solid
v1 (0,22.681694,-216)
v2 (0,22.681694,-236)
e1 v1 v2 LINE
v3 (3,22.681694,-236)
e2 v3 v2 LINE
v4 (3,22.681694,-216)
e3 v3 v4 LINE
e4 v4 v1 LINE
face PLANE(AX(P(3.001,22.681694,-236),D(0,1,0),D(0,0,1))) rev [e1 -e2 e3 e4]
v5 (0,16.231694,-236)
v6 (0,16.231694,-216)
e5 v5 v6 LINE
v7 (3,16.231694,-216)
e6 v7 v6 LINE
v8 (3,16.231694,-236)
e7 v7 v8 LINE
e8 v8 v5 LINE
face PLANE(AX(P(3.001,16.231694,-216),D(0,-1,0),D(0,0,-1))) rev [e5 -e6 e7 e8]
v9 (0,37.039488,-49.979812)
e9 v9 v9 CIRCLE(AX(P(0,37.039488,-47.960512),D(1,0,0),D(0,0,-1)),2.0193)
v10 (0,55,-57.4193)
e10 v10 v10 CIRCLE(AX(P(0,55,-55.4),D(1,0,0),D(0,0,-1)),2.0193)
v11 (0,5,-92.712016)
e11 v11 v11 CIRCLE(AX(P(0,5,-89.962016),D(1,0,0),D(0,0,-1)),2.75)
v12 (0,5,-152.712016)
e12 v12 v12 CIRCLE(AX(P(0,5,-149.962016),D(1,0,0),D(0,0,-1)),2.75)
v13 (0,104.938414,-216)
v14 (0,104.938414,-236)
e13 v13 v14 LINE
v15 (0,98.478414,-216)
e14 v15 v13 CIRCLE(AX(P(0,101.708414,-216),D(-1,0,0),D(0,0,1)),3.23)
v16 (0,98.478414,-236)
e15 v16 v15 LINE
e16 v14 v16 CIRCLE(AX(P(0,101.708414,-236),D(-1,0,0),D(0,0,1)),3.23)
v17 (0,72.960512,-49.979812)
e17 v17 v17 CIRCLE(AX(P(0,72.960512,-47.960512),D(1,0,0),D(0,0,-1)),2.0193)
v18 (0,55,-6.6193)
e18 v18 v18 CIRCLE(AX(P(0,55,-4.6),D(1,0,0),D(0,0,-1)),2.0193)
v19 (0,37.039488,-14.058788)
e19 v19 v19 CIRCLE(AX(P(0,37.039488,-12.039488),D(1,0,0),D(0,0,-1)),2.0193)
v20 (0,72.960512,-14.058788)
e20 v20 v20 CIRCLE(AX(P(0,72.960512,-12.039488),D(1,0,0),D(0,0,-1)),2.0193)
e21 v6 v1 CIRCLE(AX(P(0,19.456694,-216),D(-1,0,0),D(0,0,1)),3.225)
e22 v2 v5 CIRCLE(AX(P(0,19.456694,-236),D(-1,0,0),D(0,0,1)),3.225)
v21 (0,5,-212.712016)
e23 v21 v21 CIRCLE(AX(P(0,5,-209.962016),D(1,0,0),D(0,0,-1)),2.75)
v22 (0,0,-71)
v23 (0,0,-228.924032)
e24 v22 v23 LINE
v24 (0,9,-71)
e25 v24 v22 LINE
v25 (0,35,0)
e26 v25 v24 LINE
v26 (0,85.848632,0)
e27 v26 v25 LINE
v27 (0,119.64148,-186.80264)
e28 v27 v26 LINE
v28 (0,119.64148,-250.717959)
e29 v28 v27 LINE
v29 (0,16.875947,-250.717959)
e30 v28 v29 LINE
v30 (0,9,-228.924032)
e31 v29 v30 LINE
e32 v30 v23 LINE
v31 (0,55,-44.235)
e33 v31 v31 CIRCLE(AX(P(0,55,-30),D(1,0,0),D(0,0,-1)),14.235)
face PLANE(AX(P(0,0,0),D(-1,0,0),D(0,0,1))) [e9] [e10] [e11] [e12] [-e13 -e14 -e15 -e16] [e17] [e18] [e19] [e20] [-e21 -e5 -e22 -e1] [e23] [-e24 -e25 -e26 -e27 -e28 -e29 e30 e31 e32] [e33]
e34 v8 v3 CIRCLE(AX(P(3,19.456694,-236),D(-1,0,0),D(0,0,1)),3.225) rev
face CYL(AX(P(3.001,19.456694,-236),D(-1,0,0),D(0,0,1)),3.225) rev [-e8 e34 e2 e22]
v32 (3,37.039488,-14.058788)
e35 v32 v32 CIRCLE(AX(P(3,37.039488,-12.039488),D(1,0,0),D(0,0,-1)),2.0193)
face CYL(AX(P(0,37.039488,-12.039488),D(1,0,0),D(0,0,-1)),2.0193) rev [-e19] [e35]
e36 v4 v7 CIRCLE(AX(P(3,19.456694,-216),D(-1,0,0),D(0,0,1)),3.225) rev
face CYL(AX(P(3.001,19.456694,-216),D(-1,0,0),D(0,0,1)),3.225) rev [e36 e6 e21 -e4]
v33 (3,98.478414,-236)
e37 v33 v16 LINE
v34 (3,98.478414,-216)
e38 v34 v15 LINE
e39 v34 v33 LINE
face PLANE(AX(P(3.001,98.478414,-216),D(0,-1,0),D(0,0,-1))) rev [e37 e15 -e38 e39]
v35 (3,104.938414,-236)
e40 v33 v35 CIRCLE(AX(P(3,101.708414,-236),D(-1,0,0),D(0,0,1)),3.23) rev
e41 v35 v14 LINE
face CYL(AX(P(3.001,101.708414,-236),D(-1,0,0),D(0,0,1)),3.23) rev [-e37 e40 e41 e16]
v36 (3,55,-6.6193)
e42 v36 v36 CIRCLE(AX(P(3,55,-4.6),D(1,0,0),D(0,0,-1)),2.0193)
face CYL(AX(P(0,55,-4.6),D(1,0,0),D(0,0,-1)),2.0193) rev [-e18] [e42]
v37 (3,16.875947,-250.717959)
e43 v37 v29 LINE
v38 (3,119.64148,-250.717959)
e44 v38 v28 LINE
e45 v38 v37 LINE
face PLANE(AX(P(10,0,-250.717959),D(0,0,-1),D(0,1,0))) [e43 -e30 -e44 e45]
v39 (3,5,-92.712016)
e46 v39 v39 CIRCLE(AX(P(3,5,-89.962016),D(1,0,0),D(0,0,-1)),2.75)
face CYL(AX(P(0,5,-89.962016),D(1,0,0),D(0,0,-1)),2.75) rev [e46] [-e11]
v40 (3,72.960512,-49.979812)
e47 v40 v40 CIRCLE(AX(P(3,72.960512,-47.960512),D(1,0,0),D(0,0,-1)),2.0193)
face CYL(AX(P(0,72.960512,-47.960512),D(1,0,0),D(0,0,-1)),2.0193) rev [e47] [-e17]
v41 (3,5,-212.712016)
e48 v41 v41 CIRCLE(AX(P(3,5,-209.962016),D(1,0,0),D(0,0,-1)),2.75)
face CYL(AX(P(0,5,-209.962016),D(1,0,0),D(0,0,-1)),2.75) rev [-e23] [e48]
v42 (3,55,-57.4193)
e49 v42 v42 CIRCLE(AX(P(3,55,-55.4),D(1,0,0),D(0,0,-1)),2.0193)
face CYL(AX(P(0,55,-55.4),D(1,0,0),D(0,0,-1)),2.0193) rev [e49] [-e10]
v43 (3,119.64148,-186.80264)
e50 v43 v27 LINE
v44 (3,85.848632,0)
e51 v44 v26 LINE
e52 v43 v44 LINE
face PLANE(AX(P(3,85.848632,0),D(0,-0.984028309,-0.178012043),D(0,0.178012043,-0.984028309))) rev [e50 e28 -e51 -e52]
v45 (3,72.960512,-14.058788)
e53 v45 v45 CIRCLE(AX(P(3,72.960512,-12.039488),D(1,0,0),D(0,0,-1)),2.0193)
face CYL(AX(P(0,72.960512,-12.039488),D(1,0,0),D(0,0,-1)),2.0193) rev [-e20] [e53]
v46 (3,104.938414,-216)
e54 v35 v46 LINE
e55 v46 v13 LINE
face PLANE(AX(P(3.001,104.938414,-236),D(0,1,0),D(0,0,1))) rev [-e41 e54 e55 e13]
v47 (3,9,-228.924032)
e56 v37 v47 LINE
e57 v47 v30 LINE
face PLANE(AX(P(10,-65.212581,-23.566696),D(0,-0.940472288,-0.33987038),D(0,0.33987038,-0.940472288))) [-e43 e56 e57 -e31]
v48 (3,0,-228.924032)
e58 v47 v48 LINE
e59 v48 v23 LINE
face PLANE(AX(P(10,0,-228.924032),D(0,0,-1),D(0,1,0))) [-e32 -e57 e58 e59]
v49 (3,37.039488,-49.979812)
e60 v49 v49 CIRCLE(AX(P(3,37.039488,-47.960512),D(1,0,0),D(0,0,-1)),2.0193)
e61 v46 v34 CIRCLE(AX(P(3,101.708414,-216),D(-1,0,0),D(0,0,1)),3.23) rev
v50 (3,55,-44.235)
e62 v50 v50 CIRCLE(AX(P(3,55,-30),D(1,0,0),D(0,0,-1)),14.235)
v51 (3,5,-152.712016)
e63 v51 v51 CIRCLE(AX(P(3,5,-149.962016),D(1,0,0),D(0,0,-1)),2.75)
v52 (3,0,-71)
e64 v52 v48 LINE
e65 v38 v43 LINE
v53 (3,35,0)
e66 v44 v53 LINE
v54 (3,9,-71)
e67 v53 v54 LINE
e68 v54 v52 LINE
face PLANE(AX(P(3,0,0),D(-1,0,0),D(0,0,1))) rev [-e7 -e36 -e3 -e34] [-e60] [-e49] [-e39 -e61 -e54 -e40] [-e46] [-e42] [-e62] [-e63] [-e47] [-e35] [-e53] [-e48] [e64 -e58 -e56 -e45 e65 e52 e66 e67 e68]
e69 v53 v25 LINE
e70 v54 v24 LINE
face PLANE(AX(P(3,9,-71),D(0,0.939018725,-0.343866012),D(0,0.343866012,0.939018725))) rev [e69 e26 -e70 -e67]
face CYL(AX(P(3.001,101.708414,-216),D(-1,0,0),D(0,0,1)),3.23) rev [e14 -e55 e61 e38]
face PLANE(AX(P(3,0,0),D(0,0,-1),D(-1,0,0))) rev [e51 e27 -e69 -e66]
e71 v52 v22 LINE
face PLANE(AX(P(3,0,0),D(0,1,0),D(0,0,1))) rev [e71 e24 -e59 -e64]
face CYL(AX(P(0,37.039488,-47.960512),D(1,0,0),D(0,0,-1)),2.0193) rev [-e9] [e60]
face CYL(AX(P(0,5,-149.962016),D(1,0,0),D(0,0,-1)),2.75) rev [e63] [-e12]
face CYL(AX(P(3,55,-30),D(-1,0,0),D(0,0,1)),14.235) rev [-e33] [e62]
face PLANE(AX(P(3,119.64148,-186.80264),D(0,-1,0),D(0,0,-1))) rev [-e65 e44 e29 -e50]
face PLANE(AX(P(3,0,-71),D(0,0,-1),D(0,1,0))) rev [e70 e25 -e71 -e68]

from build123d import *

# Parameters (mm, degrees)
SKETCH1_W           = 300
SKETCH1_H           = 150
SKETCH1_R           = 14.235
BOSS_EXTRUDE1_DEPTH = 3
CUT_EXTRUDE1_REACH  = 5
SKETCH2_R           = 3.225
SKETCH4_R           = 2.0193
CUT_EXTRUDE4_DEPTH  = 4
CUT_EXTRUDE5_DEPTH  = 4
CUT_EXTRUDE6_DEPTH  = 10
SKETCH7_R           = 2.75
CUT_EXTRUDE7_DEPTH  = 4


with BuildPart() as part:
    # Sketch1 → Boss-Extrude1 (new body)
    with BuildSketch(Plane(origin=(0, 0, 0), x_dir=(0, 0, -1), z_dir=(1, 0, 0))):
        with Locations((150, 75)):
            Rectangle(SKETCH1_W, SKETCH1_H)
        with Locations((30, 55)):
            Circle(SKETCH1_R, mode=Mode.SUBTRACT)
    extrude(amount=BOSS_EXTRUDE1_DEPTH)

    # Sketch2 → Cut-Extrude1 (cut, up to next)
    with BuildSketch(Plane.ZY, mode=Mode.PRIVATE) as cut_extrude1_sk1:
        with Locations((-10, 110)):
            Circle(SKETCH2_R)
    cut_extrude1_tool1 = extrude(cut_extrude1_sk1.sketch, amount=-CUT_EXTRUDE1_REACH, mode=Mode.PRIVATE) & part.part
    add(cut_extrude1_tool1.solids().sort_by_distance((0, 110, -10))[0], mode=Mode.SUBTRACT)
    # Sketch2 → Cut-Extrude1 (cut, up to next)
    with BuildSketch(Plane.ZY, mode=Mode.PRIVATE) as cut_extrude1_sk2:
        with BuildLine():
            Line((-236, 104.938413591), (-216, 104.938413591))
            ThreePointArc((-216, 104.938413591), (-212.77, 101.708413591), (-216, 98.478413591))
            Line((-216, 98.478413591), (-236, 98.478413591))
            ThreePointArc((-236, 98.478413591), (-239.23, 101.708413591), (-236, 104.938413591))
        make_face()
    cut_extrude1_tool2 = extrude(cut_extrude1_sk2.sketch, amount=-CUT_EXTRUDE1_REACH, mode=Mode.PRIVATE) & part.part
    add(cut_extrude1_tool2.solids().sort_by_distance((0, 101.708414, -226))[0], mode=Mode.SUBTRACT)
    # Sketch2 → Cut-Extrude1 (cut, up to next)
    with BuildSketch(Plane.ZY, mode=Mode.PRIVATE) as cut_extrude1_sk3:
        with BuildLine():
            Line((-216, 16.231694356), (-236, 16.231694356))
            ThreePointArc((-236, 16.231694356), (-239.225, 19.456694356), (-236, 22.681694356))
            Line((-236, 22.681694356), (-216, 22.681694356))
            ThreePointArc((-216, 22.681694356), (-212.775, 19.456694356), (-216, 16.231694356))
        make_face()
    cut_extrude1_tool3 = extrude(cut_extrude1_sk3.sketch, amount=-CUT_EXTRUDE1_REACH, mode=Mode.PRIVATE) & part.part
    add(cut_extrude1_tool3.solids().sort_by_distance((0, 19.456694, -226))[0], mode=Mode.SUBTRACT)

    # Sketch4 → Cut-Extrude4 (cut, through all)
    with BuildSketch(Plane(origin=(3, 0, 0), x_dir=(0, 0, -1), z_dir=(1, 0, 0))):
        with Locations((12.039487758, 37.039487758)):
            Circle(SKETCH4_R)
        with Locations((12.039487758, 72.960512242)):
            Circle(SKETCH4_R)
        with Locations((4.6, 55)):
            Circle(SKETCH4_R)
        with Locations((47.960512242, 37.039487758)):
            Circle(SKETCH4_R)
        with Locations((55.4, 55)):
            Circle(SKETCH4_R)
        with Locations((47.960512242, 72.960512242)):
            Circle(SKETCH4_R)
    extrude(amount=-CUT_EXTRUDE4_DEPTH, mode=Mode.SUBTRACT)

    # Sketch5 → Cut-Extrude5 (cut, through all)
    with BuildSketch(Plane.ZY):
        Polygon((-71, 0), (-71, 9), (0, 35), (0, 0), align=None)
        Polygon((0, 85.848631797), (-186.802640374, 119.641480316), (-300.310491503, 119.641480316), (-300.310491503, 150), (0, 150), align=None)
    extrude(amount=-CUT_EXTRUDE5_DEPTH, mode=Mode.SUBTRACT)

    # Sketch6 → Cut-Extrude6 (cut)
    with BuildSketch(Plane.ZY):
        Polygon((-250.717958721, 165.712896148), (-250.717958721, 16.875947155), (-228.92403237, 9), (-228.92403237, 0), (-355.768886916, 0), (-364.830865455, 165.712896148), align=None)
    extrude(amount=-CUT_EXTRUDE6_DEPTH, mode=Mode.SUBTRACT)

    # Sketch7 → Cut-Extrude7 (cut, through all)
    with BuildSketch(Plane(origin=(3, 0, 0), x_dir=(0, 0, -1), z_dir=(1, 0, 0))):
        with Locations((89.962016185, 5)):
            Circle(SKETCH7_R)
        with Locations((149.962016185, 5)):
            Circle(SKETCH7_R)
        with Locations((209.962016185, 5)):
            Circle(SKETCH7_R)
    extrude(amount=-CUT_EXTRUDE7_DEPTH, mode=Mode.SUBTRACT)


solid = part.part
